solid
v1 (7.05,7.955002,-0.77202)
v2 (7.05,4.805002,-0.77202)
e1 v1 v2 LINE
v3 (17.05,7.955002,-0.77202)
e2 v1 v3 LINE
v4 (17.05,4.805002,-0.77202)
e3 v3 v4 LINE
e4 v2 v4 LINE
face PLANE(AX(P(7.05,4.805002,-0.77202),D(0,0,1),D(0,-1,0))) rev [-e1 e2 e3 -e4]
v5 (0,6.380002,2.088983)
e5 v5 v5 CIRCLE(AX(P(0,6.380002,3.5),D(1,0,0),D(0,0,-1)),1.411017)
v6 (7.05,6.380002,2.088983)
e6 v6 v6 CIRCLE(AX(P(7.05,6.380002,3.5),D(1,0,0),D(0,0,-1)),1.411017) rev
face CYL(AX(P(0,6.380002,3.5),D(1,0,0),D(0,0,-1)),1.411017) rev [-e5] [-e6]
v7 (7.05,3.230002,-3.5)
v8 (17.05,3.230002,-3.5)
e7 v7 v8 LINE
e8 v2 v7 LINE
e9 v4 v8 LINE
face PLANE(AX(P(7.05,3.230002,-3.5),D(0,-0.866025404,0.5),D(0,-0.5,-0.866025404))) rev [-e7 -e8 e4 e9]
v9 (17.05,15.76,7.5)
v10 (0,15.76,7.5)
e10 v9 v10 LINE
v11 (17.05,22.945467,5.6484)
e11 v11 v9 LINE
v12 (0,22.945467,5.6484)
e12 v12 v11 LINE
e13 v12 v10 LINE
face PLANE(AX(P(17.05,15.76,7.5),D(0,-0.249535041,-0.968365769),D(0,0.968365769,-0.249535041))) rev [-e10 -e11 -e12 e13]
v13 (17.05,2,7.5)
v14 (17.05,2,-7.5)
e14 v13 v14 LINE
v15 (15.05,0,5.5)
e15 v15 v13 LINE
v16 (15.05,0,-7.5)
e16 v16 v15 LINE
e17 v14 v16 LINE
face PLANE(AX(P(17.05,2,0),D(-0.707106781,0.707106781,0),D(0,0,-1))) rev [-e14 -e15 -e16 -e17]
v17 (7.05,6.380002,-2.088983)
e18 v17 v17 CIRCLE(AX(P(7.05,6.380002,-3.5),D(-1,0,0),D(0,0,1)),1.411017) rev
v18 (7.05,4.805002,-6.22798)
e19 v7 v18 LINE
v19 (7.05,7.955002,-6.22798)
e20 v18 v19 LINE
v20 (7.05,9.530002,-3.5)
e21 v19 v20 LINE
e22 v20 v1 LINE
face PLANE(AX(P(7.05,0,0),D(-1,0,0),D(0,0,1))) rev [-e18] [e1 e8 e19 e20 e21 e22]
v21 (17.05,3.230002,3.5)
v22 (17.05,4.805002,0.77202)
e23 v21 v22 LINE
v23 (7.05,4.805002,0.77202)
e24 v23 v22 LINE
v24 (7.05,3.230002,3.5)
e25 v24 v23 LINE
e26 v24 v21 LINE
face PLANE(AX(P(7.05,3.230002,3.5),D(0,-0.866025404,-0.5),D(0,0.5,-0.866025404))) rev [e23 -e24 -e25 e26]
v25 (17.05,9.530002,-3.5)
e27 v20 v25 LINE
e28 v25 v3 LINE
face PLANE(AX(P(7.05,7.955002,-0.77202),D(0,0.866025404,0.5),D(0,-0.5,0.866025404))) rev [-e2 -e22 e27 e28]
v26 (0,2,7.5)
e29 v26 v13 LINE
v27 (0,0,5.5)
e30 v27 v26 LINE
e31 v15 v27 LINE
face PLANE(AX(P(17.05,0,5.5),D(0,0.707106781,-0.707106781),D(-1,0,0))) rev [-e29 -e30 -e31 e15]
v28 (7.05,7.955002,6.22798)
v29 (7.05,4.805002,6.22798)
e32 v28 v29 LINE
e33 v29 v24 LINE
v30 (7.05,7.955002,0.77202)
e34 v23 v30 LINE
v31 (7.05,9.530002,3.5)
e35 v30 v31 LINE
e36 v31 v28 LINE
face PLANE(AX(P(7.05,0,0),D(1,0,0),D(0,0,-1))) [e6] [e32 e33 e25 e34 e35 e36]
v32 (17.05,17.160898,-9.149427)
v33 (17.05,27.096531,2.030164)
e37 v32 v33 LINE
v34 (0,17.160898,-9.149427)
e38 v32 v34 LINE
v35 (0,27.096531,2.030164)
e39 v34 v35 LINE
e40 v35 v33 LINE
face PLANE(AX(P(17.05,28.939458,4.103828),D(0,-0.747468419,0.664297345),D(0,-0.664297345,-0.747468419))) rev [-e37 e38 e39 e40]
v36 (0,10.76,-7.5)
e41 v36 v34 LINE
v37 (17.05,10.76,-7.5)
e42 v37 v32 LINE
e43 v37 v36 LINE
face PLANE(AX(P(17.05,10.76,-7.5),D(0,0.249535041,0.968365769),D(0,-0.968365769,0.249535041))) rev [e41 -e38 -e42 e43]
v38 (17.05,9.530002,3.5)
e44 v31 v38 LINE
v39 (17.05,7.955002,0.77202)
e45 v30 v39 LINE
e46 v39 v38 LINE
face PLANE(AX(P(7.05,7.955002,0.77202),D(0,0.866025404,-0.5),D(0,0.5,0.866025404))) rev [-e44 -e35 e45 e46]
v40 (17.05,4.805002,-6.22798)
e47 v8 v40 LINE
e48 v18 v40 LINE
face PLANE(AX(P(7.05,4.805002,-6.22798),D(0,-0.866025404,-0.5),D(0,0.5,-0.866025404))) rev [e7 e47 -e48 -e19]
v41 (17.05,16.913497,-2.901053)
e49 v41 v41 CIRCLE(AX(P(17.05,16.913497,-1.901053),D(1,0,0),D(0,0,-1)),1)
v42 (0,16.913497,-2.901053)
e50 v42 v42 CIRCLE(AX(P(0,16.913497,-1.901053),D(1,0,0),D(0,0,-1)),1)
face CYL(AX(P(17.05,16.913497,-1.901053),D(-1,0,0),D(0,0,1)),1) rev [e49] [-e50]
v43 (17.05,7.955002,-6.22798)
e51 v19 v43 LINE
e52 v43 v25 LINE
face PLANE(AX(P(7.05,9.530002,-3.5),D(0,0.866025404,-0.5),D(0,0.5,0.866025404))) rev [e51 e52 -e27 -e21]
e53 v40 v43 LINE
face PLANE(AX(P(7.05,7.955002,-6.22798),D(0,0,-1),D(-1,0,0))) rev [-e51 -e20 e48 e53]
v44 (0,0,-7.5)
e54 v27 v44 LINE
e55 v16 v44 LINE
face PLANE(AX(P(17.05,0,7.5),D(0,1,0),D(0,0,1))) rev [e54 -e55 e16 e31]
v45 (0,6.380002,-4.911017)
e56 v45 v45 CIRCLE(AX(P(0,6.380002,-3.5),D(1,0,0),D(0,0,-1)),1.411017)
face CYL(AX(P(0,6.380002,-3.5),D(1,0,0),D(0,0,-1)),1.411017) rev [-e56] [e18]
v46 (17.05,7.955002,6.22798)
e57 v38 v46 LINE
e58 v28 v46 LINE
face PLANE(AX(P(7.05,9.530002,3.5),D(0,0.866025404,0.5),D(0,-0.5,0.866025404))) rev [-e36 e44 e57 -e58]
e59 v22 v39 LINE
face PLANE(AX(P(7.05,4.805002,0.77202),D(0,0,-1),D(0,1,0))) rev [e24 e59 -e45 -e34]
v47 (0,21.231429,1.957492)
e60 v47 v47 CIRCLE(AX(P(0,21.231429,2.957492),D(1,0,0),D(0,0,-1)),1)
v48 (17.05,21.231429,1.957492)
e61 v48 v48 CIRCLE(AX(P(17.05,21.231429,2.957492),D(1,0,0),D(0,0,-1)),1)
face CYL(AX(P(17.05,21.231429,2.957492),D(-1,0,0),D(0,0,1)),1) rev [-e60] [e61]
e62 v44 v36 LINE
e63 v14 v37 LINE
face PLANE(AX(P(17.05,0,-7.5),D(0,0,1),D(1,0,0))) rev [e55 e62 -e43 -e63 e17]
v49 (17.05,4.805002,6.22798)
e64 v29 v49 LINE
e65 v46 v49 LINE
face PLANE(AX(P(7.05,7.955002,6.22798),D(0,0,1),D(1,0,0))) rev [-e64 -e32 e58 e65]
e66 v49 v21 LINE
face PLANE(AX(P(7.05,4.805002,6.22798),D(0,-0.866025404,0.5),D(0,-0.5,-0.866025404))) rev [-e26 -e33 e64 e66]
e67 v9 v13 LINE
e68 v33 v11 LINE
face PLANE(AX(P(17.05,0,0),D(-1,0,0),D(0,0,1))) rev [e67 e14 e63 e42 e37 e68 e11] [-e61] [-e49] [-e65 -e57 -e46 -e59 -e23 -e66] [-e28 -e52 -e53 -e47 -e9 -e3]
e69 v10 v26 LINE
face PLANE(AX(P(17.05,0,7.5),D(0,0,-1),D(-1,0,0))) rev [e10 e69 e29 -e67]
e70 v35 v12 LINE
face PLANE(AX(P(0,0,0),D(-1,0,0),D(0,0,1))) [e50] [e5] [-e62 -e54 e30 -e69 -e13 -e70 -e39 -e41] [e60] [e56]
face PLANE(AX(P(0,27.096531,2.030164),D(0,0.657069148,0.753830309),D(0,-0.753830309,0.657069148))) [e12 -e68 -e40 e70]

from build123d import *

# Parameters (mm, degrees)
SKETCH1_R           = 1
BOSS_EXTRUDE1_DEPTH = 17.05
CHAMFER3_SIZE       = 2
SKETCH4_R           = 1.411016709
CUT_EXTRUDE2_DEPTH  = 35.812450989
CUT_EXTRUDE3_DEPTH  = 35.812450989
CUT_EXTRUDE4_DEPTH  = 10


with BuildPart() as part:
    # Sketch1 → Boss-Extrude1 (new body)
    with BuildSketch(Plane(origin=(0, 0, 0), x_dir=(0, 0, -1), z_dir=(1, 0, 0))):
        Polygon((-7.5, 0), (7.5, 0), (7.5, 10.76), (9.149426619, 17.160897736), (-4.103828097, 28.939458123), (-7.5, 15.76), align=None)
        with Locations((-2.957491833, 21.231429279)):
            Circle(SKETCH1_R, mode=Mode.SUBTRACT)
        with Locations((1.901052893, 16.913496539)):
            Circle(SKETCH1_R, mode=Mode.SUBTRACT)
    extrude(amount=BOSS_EXTRUDE1_DEPTH)

    # Chamfer3
    chamfer3_edges = [part.edges().sort_by_distance(p)[0] for p in [
        (8.525, 0, 7.5),
        (17.05, 0, 0),
    ]]
    chamfer(chamfer3_edges, length=CHAMFER3_SIZE)

    # Sketch4 → Cut-Extrude2 (cut, through all)
    with BuildSketch(Plane(origin=(17.05, 0, 0), x_dir=(0, 0, -1), z_dir=(1, 0, 0))):
        with Locations((-3.500000028, 6.380001803)):
            Circle(SKETCH4_R)
        with Locations((3.5, 6.380001848)):
            Circle(SKETCH4_R)
    extrude(amount=-CUT_EXTRUDE2_DEPTH, mode=Mode.SUBTRACT)

    # Sketch5 → Cut-Extrude3 (cut, through all)
    with BuildSketch(Plane(origin=(17.05, 0, 0), x_dir=(0, 0, -1), z_dir=(1, 0, 0))):
        Polygon((-4.103828097, 28.939458123), (-2.03016404, 27.096531397), (-5.648400148, 22.945467464), align=None)
    extrude(amount=-CUT_EXTRUDE3_DEPTH, mode=Mode.SUBTRACT)

    # Sketch6 → Cut-Extrude4 (cut)
    with BuildSketch(Plane(origin=(17.05, 0, 0), x_dir=(0, 0, -1), z_dir=(1, 0, 0))):
        Polygon((-3.500000028, 3.230001803), (-0.772020006, 4.805001803), (-0.772020006, 7.955001803), (-3.500000028, 9.530001803), (-6.22798005, 7.955001803), (-6.22798005, 4.805001803), align=None)
        Polygon((6.22798005, 4.805001803), (3.500000028, 3.230001803), (0.772020006, 4.805001803), (0.772020006, 7.955001803), (3.500000028, 9.530001803), (6.22798005, 7.955001803), align=None)
    extrude(amount=-CUT_EXTRUDE4_DEPTH, mode=Mode.SUBTRACT)


solid = part.part
